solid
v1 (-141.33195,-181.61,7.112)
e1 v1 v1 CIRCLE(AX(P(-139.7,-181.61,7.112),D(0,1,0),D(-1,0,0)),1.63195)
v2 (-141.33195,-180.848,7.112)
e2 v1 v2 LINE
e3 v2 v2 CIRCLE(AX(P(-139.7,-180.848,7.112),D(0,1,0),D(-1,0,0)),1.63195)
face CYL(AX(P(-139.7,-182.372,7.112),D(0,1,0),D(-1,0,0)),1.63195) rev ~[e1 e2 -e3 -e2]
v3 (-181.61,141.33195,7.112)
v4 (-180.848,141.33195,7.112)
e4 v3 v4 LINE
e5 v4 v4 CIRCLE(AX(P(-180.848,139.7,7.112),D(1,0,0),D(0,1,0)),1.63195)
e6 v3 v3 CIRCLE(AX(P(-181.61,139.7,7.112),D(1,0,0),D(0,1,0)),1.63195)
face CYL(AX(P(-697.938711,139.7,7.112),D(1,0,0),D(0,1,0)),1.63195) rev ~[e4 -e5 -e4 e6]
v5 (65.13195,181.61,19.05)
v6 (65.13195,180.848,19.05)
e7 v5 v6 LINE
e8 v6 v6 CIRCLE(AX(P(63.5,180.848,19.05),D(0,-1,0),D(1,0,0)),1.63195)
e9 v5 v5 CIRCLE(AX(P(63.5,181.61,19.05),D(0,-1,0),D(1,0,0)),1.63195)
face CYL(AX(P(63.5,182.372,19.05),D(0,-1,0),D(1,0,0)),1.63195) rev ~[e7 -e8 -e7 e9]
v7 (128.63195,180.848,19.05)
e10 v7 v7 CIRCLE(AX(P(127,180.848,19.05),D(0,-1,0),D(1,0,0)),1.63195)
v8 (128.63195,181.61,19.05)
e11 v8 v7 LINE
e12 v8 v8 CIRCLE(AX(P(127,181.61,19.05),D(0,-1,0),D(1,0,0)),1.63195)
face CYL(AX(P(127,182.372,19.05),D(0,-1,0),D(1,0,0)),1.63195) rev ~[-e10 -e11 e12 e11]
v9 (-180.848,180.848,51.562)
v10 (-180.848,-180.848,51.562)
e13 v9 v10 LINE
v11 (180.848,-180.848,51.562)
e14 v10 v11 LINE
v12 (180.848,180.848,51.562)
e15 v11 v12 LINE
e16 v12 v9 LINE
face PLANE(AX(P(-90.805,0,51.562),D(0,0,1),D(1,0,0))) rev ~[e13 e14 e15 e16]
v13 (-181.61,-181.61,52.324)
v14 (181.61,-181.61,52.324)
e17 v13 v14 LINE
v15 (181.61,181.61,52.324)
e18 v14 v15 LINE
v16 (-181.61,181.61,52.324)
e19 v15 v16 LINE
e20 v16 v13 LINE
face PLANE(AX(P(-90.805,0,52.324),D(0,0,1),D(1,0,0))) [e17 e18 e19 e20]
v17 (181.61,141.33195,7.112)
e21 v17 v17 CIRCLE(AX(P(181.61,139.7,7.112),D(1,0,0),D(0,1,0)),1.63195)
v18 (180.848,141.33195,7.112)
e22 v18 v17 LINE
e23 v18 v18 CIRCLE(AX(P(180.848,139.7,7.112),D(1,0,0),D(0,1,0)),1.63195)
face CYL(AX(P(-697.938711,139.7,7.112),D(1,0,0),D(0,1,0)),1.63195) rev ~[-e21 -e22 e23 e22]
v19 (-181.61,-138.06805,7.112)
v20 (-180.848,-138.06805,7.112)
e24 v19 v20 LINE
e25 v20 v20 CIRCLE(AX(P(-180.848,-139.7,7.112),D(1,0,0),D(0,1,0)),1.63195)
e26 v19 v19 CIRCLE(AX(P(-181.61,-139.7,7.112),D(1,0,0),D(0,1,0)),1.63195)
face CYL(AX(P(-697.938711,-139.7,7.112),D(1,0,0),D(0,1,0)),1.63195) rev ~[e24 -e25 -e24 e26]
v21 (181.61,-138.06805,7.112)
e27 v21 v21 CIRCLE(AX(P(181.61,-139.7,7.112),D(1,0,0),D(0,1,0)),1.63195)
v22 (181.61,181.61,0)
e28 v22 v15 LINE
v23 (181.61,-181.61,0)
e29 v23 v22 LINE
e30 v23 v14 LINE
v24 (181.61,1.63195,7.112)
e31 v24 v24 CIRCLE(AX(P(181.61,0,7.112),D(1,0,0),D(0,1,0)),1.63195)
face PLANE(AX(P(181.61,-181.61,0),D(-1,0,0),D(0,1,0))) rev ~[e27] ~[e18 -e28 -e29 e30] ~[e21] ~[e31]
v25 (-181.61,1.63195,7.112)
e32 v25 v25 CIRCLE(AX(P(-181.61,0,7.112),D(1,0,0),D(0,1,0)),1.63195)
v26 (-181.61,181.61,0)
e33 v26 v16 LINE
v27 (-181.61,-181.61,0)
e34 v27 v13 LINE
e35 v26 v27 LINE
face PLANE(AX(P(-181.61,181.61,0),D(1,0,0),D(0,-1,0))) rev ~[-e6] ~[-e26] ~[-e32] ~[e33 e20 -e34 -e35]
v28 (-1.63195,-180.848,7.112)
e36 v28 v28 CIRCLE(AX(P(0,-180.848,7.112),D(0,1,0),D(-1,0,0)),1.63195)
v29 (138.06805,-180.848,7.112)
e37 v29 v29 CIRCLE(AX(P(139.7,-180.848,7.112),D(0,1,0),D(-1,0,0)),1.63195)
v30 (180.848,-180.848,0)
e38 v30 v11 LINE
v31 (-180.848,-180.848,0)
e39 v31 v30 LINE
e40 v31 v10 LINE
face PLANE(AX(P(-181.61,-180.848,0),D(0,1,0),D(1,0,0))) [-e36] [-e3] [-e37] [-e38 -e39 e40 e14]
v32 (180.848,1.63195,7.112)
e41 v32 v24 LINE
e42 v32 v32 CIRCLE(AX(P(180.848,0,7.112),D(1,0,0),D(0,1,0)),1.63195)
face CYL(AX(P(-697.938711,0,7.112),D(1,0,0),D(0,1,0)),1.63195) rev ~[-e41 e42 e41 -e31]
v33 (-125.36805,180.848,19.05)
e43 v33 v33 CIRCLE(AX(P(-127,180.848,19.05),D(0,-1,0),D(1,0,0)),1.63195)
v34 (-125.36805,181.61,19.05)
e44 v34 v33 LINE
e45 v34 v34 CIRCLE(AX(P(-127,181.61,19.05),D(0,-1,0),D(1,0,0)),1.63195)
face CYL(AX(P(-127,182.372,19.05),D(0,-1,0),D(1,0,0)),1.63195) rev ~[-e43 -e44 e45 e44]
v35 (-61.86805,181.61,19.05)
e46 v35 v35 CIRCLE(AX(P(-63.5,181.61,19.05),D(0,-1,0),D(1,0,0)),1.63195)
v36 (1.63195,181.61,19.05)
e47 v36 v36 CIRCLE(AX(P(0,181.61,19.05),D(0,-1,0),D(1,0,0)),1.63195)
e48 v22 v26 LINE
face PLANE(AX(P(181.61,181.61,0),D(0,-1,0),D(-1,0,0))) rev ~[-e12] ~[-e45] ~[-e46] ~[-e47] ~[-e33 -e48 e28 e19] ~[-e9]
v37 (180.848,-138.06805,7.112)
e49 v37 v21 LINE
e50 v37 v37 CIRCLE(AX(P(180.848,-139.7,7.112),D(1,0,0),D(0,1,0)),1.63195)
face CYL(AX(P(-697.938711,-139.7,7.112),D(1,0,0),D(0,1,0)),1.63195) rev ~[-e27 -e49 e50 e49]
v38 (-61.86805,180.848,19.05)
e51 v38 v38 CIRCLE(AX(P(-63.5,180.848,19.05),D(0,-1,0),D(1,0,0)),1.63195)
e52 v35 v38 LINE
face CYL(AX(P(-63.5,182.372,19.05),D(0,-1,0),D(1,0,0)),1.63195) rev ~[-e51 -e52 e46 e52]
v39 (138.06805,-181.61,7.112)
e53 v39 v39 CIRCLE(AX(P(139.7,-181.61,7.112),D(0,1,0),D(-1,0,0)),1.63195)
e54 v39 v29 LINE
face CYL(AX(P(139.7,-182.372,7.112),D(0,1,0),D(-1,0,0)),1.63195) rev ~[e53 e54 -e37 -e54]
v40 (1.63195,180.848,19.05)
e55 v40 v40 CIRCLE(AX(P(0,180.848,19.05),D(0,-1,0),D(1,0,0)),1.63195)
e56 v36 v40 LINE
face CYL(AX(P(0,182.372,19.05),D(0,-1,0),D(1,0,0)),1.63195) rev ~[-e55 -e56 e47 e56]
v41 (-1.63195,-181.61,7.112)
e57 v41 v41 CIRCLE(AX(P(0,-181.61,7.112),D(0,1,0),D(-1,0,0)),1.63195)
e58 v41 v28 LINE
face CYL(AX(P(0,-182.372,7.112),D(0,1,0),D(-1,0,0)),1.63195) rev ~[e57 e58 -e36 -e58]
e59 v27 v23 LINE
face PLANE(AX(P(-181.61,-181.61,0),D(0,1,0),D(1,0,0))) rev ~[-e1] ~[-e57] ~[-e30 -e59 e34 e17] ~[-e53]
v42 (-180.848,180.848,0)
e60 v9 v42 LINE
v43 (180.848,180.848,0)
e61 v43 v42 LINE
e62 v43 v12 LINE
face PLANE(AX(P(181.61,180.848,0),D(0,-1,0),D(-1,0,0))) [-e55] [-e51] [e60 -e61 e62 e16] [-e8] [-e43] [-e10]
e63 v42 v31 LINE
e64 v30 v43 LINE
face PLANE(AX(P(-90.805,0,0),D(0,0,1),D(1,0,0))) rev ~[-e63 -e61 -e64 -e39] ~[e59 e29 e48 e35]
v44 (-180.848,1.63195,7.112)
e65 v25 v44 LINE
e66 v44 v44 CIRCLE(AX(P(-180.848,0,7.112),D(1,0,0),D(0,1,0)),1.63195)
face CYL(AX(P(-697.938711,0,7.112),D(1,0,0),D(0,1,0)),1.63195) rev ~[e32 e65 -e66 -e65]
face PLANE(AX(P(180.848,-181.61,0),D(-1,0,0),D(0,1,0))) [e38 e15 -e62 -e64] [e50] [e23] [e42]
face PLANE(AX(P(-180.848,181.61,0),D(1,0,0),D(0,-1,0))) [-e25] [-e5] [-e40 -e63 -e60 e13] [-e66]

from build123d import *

# Parameters (mm, degrees)
F1_DEPTH = 52.324
F2_T     = -0.762
F4_D     = 3.2639
F4_DEPTH = 0.762
F4_TIP   = 0.9805744872
F6_D     = 3.2639
F8_D     = 3.2639
F8_DEPTH = 0.762
F8_TIP   = 0.9805744872


with BuildPart() as f1:
    # F0 (on Top) → F1 (new body)
    with BuildSketch(Plane.XY):
        Polygon((0, 181.61), (-181.61, 181.61), (-181.61, -181.61), (0, -181.61), (0, 0), align=None)
        Polygon((181.61, 181.61), (0, 181.61), (0, 0), (0, -181.61), (181.61, -181.61), align=None)
    extrude(amount=F1_DEPTH)

    # F2
    f2_openings = [f1.faces().sort_by_distance(p)[0] for p in [
        (0, 0, 0),
    ]]
    offset(amount=F2_T, openings=f2_openings)

    # F4
    with Locations(Plane.XZ.offset(181.61)):
        with Locations((-139.7, 7.112), (0, 7.112), (139.7, 7.112)):
            Hole(F4_D / 2, depth=F4_DEPTH)
            with Locations((0, 0, -(F4_DEPTH + F4_TIP / 2))):  # 118° drill point
                Cone(0, F4_D / 2, F4_TIP, mode=Mode.SUBTRACT)

    # F6 (through all)
    with Locations(Plane(origin=(-181.61, 0, 0), x_dir=(0, -1, 0), z_dir=(-1, 0, 0))):
        with Locations((-139.7, 7.112), (0, 7.112), (139.7, 7.112)):
            Hole(F6_D / 2)

    # F8
    with Locations(Plane(origin=(0, 181.61, 0), x_dir=(-1, 0, 0), z_dir=(0, 1, 0))):
        with Locations((-127, 19.05), (-63.5, 19.05), (0, 19.05), (63.5, 19.05), (127, 19.05)):
            Hole(F8_D / 2, depth=F8_DEPTH)
            with Locations((0, 0, -(F8_DEPTH + F8_TIP / 2))):  # 118° drill point
                Cone(0, F8_D / 2, F8_TIP, mode=Mode.SUBTRACT)


solid = f1.part
